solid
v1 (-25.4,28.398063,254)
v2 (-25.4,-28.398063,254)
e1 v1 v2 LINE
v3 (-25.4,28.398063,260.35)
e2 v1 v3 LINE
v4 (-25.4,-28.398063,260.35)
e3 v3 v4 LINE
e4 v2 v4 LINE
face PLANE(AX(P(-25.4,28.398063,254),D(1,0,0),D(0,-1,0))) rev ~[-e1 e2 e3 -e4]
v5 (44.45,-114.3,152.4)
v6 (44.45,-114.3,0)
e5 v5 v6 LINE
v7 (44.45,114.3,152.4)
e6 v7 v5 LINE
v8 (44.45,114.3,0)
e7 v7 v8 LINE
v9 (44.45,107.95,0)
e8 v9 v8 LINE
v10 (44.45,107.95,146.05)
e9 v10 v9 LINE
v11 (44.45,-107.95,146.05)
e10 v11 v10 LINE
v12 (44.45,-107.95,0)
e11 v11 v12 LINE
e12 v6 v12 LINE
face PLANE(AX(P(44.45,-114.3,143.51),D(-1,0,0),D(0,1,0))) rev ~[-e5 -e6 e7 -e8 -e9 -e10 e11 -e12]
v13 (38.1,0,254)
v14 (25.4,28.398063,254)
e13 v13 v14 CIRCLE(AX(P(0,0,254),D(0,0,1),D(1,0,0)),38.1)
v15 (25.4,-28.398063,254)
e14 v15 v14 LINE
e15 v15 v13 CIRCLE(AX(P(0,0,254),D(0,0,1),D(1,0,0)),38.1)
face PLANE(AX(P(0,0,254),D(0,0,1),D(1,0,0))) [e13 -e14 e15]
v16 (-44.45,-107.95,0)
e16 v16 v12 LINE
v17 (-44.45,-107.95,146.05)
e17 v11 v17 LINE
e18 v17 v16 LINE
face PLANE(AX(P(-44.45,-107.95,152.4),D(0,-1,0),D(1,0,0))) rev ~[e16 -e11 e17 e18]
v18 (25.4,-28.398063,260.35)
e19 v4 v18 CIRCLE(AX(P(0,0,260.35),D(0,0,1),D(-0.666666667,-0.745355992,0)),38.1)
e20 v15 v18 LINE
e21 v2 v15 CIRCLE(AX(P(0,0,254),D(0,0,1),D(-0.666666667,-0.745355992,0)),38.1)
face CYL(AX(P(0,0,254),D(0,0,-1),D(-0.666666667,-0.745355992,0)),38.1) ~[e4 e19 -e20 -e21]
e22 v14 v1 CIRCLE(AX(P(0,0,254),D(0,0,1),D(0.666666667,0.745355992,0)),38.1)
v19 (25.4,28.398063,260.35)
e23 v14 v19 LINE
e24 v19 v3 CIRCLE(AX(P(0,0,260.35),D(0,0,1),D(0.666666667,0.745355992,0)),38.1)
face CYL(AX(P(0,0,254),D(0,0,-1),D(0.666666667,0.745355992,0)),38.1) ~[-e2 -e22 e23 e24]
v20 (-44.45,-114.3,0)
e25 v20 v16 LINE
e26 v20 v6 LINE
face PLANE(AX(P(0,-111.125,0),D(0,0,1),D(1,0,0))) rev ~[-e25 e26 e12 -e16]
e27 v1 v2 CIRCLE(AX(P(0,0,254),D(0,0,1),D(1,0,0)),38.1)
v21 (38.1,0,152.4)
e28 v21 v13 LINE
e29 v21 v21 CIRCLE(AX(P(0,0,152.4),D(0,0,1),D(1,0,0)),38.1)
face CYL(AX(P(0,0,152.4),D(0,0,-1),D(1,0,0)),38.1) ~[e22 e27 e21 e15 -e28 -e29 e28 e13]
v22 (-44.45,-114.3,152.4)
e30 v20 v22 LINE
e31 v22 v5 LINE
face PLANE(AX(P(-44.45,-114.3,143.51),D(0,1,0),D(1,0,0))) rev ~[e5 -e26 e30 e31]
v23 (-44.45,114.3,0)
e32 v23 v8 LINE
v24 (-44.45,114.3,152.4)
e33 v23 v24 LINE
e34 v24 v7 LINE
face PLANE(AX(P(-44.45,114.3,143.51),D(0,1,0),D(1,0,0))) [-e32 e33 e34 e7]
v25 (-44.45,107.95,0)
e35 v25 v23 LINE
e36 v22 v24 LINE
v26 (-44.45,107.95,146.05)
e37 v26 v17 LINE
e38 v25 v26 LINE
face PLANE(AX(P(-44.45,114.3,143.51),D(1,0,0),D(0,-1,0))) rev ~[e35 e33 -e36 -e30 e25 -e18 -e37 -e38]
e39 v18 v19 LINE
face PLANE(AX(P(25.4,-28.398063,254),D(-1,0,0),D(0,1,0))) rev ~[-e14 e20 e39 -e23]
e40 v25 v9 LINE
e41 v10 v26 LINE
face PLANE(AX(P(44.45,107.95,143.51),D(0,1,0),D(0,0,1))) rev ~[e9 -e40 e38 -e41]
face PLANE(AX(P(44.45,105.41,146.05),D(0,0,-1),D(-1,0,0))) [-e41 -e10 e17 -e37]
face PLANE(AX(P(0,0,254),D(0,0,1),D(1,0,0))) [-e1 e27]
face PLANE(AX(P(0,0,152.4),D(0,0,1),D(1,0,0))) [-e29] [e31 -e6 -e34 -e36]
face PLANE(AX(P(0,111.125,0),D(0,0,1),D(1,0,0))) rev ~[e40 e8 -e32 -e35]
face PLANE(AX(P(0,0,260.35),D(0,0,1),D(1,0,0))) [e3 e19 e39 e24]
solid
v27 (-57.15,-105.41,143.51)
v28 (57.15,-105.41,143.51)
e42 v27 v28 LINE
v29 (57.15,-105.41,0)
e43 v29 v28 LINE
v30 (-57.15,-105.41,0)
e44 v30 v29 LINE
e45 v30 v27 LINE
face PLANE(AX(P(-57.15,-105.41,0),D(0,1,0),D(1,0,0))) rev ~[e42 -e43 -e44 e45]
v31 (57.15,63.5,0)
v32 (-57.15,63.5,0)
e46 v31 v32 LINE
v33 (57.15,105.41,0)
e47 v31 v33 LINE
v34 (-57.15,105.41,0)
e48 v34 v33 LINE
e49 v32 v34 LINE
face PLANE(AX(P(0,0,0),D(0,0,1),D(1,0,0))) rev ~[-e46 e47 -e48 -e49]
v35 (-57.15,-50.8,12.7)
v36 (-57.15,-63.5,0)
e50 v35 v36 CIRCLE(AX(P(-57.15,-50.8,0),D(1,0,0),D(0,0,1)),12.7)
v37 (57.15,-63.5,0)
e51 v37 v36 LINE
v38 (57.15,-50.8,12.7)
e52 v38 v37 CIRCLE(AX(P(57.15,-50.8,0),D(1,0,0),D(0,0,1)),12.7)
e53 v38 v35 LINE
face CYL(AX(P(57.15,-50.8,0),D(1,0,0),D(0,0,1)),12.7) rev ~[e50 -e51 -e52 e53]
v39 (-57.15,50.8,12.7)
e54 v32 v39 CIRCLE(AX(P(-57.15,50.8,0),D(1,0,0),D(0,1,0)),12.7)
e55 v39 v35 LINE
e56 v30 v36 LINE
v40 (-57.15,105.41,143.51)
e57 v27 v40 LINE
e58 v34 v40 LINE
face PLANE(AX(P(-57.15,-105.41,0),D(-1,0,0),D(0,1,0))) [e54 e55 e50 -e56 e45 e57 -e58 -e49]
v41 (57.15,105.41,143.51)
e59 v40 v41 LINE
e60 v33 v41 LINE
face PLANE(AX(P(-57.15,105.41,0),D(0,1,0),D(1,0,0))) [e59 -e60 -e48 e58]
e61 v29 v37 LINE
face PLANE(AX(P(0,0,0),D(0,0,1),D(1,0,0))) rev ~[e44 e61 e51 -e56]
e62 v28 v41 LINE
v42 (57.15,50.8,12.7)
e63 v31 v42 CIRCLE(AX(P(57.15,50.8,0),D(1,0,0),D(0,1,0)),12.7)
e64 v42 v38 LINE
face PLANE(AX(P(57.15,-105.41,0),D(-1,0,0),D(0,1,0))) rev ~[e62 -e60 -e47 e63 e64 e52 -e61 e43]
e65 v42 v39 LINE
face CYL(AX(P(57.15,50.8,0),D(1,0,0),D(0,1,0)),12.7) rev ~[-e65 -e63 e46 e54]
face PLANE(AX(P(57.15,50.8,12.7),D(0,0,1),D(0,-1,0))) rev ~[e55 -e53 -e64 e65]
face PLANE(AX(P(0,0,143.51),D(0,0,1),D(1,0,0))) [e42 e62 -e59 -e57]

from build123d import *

# Parameters (mm, degrees)
F0_W      = 114.3
F0_H      = 210.82
F1_DEPTH  = 143.51
F2_W      = 88.9
F2_H      = 210.82
F2_H_2    = 8.89
F3_DEPTH  = 8.89
F4_W      = 88.9
F4_H      = 2.54
F5_DEPTH  = 228.6
F6_W      = 88.9
F6_H      = 6.35
F7_DEPTH  = 152.4
F8_W      = 2.54
F8_H      = 2.54
F9_DEPTH  = 88.9
F10_R     = 38.1
F11_DEPTH = 101.6
F13_DEPTH = 6.35
F15_DEPTH = 114.3


with BuildPart() as f1:
    # F0 (on Top) → F1 (new body)
    with BuildSketch(Plane.XY):
        Rectangle(F0_W, F0_H)
    extrude(amount=F1_DEPTH)

    # F2 (on face) → F3 (join)
    with BuildSketch(Plane.XY.offset(143.51)):
        Rectangle(F2_W, F2_H)
        with Locations((0, 109.855)):
            Rectangle(F2_W, F2_H_2)
        with Locations((0, -109.855)):
            Rectangle(F2_W, F2_H_2)
    extrude(amount=F3_DEPTH)

    # F4 (on face) → F5 (cut)
    with BuildSketch(Plane(origin=(0, 105.41, 0), x_dir=(-1, 0, 0), z_dir=(0, 1, 0))):
        with Locations((0, 144.78)):
            Rectangle(F4_W, F4_H)
    extrude(amount=-F5_DEPTH, mode=Mode.SUBTRACT)

    # F6 (on face) → F7 (join)
    with BuildSketch(Plane.XY.offset(152.4)):
        with Locations((0, 111.125)):
            Rectangle(F6_W, F6_H)
        with Locations((0, -111.125)):
            Rectangle(F6_W, F6_H)
    extrude(amount=-F7_DEPTH)

    # F8 (on face) → F9 (cut)
    with BuildSketch(Plane.YZ.offset(44.45)):
        with Locations((106.68, 144.78)):
            Rectangle(F8_W, F8_H)
    extrude(amount=-F9_DEPTH, mode=Mode.SUBTRACT)

    # F10 (on face) → F11 (join)
    with BuildSketch(Plane.XY.offset(152.4)):
        Circle(F10_R)
    extrude(amount=F11_DEPTH)

    # F12 (on face) → F13 (join)
    with BuildSketch(Plane.XY.offset(254)):
        with BuildLine():
            ThreePointArc((25.4, 28.3980633142), (0, 38.1), (-25.4, 28.3980633142))
            Line((-25.4, 28.3980633142), (-25.4, -28.3980633142))
            ThreePointArc((-25.4, -28.3980633142), (0, -38.1), (25.4, -28.3980633142))
            Line((25.4, -28.3980633142), (25.4, 28.3980633142))
        make_face()
    extrude(amount=F13_DEPTH)

    # F14 (on face) → F15 (cut)
    with BuildSketch(Plane.YZ.offset(57.15)):
        with BuildLine():
            ThreePointArc((-50.8, 12.7), (-59.7802561211, 8.9802561211), (-63.5, 0))
            Line((-63.5, 0), (63.5, 0))
            ThreePointArc((63.5, 0), (59.7802561211, 8.9802561211), (50.8, 12.7))
            Line((50.8, 12.7), (-50.8, 12.7))
        make_face()
    extrude(amount=-F15_DEPTH, mode=Mode.SUBTRACT)


solid = f1.part
